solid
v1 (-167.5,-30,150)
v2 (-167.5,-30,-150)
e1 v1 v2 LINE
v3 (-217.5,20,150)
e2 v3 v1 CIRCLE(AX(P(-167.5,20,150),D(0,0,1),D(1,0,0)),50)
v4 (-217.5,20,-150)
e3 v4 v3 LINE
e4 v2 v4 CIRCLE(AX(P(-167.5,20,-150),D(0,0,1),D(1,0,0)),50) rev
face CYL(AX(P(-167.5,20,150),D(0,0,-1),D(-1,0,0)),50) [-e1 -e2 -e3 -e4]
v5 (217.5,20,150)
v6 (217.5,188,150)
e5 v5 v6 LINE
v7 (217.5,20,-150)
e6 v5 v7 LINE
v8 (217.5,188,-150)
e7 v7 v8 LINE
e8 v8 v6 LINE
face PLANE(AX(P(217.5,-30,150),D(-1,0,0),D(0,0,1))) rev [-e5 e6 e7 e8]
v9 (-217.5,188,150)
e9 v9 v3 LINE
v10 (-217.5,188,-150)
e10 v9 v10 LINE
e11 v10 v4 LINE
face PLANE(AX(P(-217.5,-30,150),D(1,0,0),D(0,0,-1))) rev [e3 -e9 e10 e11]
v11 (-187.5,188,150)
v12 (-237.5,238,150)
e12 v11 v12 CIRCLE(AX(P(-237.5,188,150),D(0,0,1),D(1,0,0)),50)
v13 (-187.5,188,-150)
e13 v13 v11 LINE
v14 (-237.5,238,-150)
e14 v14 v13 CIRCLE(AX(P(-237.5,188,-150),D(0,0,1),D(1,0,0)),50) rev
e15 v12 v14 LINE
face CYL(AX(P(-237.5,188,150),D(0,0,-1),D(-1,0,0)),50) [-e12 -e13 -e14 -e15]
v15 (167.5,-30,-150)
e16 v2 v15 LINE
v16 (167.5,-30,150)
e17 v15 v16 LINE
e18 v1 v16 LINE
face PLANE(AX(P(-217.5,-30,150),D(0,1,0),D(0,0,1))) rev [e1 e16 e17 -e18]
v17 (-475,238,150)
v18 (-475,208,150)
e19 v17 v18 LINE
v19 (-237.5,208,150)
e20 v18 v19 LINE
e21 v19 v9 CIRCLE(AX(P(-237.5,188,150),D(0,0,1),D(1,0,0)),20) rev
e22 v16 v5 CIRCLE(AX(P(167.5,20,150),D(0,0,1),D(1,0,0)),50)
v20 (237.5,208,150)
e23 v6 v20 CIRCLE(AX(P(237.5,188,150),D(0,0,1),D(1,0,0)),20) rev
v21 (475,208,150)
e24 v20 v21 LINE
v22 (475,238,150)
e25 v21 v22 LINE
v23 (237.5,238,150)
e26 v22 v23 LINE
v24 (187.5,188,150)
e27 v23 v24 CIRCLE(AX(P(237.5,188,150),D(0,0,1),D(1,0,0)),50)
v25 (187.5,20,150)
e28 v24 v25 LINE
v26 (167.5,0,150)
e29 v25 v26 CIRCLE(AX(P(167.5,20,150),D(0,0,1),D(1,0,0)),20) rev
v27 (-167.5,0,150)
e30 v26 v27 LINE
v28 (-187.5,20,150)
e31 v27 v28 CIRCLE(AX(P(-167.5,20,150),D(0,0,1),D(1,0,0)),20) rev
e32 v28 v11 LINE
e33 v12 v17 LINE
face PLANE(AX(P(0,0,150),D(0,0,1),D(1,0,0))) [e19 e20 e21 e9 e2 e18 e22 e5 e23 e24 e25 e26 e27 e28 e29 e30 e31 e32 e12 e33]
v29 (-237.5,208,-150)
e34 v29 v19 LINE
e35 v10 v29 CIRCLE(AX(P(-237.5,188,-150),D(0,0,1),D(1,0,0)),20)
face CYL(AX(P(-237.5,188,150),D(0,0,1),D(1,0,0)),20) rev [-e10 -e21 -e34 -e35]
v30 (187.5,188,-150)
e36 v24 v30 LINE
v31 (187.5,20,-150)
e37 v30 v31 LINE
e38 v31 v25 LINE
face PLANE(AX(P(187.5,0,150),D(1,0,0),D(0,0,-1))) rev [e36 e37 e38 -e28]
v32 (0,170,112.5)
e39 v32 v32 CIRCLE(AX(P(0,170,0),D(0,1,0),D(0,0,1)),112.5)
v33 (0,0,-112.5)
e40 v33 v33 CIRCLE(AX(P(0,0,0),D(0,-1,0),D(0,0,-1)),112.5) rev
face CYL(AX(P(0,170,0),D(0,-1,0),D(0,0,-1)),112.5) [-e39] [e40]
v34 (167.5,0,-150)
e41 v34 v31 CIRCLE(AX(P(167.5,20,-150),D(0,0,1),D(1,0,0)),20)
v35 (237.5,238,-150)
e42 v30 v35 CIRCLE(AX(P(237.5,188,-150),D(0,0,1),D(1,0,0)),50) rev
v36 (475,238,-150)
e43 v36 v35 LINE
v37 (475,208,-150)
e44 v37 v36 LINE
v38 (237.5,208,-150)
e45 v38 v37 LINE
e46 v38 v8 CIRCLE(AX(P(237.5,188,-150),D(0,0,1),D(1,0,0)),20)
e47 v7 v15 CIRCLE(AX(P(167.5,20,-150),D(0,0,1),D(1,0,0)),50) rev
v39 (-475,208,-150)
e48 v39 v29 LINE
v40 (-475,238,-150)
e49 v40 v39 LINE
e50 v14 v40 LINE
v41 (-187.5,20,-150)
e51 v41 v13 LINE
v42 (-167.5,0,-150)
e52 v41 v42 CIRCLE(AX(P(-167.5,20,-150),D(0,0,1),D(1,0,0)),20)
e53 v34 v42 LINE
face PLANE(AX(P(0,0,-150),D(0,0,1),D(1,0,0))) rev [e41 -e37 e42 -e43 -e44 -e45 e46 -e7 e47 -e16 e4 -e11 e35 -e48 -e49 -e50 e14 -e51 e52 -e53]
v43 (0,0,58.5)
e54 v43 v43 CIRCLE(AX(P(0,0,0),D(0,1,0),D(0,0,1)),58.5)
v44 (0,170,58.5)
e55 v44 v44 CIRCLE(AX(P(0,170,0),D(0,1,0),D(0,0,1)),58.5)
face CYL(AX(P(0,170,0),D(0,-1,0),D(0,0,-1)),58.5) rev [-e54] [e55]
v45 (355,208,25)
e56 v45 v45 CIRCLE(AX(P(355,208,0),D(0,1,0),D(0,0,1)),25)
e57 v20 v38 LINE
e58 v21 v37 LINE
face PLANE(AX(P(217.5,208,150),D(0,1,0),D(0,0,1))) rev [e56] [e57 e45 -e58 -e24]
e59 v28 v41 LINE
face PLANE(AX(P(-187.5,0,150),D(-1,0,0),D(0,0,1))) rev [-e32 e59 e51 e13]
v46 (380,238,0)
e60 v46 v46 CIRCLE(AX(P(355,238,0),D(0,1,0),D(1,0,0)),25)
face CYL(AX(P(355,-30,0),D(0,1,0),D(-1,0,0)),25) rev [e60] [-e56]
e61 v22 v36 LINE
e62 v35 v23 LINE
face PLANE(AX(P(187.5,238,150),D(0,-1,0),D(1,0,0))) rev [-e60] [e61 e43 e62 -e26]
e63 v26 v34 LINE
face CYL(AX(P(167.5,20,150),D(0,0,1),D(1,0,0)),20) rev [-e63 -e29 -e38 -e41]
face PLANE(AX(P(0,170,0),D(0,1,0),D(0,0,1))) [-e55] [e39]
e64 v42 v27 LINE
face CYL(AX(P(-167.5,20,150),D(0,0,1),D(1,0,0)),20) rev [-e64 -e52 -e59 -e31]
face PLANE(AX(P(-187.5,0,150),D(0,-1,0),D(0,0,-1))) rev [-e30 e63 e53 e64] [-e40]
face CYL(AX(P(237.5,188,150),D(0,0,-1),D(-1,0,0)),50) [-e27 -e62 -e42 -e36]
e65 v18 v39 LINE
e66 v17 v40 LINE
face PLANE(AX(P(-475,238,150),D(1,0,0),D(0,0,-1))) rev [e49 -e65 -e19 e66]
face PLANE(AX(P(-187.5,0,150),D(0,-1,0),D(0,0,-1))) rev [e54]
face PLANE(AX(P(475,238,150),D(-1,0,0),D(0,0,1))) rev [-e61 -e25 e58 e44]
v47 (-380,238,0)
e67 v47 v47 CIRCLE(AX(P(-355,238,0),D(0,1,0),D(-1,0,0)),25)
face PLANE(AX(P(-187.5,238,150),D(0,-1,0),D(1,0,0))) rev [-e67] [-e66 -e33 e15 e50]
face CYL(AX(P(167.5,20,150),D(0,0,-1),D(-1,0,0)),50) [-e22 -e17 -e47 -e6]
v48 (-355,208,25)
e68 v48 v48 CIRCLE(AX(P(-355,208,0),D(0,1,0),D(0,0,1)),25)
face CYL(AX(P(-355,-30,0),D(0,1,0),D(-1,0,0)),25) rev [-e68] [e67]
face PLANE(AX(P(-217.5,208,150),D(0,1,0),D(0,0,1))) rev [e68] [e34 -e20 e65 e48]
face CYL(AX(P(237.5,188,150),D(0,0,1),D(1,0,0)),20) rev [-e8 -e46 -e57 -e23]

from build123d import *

# Parameters (mm, degrees)
BOSS_EXTRUDE1_DEPTH = 150
FILLET1_R           = 20
FILLET2_R           = 50
SKETCH2_R           = 25
CUT_EXTRUDE1_DEPTH  = 566.640345096
SKETCH3_R           = 112.5
SKETCH3_R_2         = 58.5
BOSS_EXTRUDE2_DEPTH = 170


with BuildPart() as part:
    # Sketch1 → Boss-Extrude1 (new, symmetric)
    with BuildSketch(Plane.XY):
        Polygon((-187.5, 0), (187.5, 0), (187.5, 238), (475, 238), (475, 208), (217.5, 208), (217.5, -30), (-217.5, -30), (-217.5, 208), (-475, 208), (-475, 238), (-187.5, 238), align=None)
    extrude(amount=BOSS_EXTRUDE1_DEPTH, both=True)

    # Fillet1
    fillet1_edges = [part.edges().sort_by_distance(p)[0] for p in [
        (-187.5, 0, 0),
        (187.5, 0, 0),
        (217.5, 208, 0),
        (-217.5, 208, 0),
    ]]
    fillet(fillet1_edges, radius=FILLET1_R)

    # Fillet2
    fillet2_edges = [part.edges().sort_by_distance(p)[0] for p in [
        (187.5, 238, 0),
        (217.5, -30, 0),
        (-217.5, -30, 0),
        (-187.5, 238, 0),
    ]]
    fillet(fillet2_edges, radius=FILLET2_R)

    # Sketch2 → Cut-Extrude1 (cut, through all)
    with BuildSketch(Plane(origin=(0, 238, 0), x_dir=(1, 0, 0), z_dir=(0, 1, 0))):
        with Locations(Location((-355, 0, 0), (0, 0, 180))):
            Circle(SKETCH2_R)
        with Locations(Location((355, 0, 0), (0, 0, 270))):
            Circle(SKETCH2_R)
    extrude(amount=-CUT_EXTRUDE1_DEPTH, mode=Mode.SUBTRACT)

    # Sketch3 → Boss-Extrude2 (add)
    with BuildSketch(Plane(origin=(0, 0, 0), x_dir=(1, 0, 0), z_dir=(0, 1, 0))):
        with Locations(Location((0, 0, 0), (0, 0, 90))):
            Circle(SKETCH3_R)
        with Locations(Location((0, 0, 0), (0, 0, 270))):
            Circle(SKETCH3_R_2, mode=Mode.SUBTRACT)
    extrude(amount=BOSS_EXTRUDE2_DEPTH)


solid = part.part
